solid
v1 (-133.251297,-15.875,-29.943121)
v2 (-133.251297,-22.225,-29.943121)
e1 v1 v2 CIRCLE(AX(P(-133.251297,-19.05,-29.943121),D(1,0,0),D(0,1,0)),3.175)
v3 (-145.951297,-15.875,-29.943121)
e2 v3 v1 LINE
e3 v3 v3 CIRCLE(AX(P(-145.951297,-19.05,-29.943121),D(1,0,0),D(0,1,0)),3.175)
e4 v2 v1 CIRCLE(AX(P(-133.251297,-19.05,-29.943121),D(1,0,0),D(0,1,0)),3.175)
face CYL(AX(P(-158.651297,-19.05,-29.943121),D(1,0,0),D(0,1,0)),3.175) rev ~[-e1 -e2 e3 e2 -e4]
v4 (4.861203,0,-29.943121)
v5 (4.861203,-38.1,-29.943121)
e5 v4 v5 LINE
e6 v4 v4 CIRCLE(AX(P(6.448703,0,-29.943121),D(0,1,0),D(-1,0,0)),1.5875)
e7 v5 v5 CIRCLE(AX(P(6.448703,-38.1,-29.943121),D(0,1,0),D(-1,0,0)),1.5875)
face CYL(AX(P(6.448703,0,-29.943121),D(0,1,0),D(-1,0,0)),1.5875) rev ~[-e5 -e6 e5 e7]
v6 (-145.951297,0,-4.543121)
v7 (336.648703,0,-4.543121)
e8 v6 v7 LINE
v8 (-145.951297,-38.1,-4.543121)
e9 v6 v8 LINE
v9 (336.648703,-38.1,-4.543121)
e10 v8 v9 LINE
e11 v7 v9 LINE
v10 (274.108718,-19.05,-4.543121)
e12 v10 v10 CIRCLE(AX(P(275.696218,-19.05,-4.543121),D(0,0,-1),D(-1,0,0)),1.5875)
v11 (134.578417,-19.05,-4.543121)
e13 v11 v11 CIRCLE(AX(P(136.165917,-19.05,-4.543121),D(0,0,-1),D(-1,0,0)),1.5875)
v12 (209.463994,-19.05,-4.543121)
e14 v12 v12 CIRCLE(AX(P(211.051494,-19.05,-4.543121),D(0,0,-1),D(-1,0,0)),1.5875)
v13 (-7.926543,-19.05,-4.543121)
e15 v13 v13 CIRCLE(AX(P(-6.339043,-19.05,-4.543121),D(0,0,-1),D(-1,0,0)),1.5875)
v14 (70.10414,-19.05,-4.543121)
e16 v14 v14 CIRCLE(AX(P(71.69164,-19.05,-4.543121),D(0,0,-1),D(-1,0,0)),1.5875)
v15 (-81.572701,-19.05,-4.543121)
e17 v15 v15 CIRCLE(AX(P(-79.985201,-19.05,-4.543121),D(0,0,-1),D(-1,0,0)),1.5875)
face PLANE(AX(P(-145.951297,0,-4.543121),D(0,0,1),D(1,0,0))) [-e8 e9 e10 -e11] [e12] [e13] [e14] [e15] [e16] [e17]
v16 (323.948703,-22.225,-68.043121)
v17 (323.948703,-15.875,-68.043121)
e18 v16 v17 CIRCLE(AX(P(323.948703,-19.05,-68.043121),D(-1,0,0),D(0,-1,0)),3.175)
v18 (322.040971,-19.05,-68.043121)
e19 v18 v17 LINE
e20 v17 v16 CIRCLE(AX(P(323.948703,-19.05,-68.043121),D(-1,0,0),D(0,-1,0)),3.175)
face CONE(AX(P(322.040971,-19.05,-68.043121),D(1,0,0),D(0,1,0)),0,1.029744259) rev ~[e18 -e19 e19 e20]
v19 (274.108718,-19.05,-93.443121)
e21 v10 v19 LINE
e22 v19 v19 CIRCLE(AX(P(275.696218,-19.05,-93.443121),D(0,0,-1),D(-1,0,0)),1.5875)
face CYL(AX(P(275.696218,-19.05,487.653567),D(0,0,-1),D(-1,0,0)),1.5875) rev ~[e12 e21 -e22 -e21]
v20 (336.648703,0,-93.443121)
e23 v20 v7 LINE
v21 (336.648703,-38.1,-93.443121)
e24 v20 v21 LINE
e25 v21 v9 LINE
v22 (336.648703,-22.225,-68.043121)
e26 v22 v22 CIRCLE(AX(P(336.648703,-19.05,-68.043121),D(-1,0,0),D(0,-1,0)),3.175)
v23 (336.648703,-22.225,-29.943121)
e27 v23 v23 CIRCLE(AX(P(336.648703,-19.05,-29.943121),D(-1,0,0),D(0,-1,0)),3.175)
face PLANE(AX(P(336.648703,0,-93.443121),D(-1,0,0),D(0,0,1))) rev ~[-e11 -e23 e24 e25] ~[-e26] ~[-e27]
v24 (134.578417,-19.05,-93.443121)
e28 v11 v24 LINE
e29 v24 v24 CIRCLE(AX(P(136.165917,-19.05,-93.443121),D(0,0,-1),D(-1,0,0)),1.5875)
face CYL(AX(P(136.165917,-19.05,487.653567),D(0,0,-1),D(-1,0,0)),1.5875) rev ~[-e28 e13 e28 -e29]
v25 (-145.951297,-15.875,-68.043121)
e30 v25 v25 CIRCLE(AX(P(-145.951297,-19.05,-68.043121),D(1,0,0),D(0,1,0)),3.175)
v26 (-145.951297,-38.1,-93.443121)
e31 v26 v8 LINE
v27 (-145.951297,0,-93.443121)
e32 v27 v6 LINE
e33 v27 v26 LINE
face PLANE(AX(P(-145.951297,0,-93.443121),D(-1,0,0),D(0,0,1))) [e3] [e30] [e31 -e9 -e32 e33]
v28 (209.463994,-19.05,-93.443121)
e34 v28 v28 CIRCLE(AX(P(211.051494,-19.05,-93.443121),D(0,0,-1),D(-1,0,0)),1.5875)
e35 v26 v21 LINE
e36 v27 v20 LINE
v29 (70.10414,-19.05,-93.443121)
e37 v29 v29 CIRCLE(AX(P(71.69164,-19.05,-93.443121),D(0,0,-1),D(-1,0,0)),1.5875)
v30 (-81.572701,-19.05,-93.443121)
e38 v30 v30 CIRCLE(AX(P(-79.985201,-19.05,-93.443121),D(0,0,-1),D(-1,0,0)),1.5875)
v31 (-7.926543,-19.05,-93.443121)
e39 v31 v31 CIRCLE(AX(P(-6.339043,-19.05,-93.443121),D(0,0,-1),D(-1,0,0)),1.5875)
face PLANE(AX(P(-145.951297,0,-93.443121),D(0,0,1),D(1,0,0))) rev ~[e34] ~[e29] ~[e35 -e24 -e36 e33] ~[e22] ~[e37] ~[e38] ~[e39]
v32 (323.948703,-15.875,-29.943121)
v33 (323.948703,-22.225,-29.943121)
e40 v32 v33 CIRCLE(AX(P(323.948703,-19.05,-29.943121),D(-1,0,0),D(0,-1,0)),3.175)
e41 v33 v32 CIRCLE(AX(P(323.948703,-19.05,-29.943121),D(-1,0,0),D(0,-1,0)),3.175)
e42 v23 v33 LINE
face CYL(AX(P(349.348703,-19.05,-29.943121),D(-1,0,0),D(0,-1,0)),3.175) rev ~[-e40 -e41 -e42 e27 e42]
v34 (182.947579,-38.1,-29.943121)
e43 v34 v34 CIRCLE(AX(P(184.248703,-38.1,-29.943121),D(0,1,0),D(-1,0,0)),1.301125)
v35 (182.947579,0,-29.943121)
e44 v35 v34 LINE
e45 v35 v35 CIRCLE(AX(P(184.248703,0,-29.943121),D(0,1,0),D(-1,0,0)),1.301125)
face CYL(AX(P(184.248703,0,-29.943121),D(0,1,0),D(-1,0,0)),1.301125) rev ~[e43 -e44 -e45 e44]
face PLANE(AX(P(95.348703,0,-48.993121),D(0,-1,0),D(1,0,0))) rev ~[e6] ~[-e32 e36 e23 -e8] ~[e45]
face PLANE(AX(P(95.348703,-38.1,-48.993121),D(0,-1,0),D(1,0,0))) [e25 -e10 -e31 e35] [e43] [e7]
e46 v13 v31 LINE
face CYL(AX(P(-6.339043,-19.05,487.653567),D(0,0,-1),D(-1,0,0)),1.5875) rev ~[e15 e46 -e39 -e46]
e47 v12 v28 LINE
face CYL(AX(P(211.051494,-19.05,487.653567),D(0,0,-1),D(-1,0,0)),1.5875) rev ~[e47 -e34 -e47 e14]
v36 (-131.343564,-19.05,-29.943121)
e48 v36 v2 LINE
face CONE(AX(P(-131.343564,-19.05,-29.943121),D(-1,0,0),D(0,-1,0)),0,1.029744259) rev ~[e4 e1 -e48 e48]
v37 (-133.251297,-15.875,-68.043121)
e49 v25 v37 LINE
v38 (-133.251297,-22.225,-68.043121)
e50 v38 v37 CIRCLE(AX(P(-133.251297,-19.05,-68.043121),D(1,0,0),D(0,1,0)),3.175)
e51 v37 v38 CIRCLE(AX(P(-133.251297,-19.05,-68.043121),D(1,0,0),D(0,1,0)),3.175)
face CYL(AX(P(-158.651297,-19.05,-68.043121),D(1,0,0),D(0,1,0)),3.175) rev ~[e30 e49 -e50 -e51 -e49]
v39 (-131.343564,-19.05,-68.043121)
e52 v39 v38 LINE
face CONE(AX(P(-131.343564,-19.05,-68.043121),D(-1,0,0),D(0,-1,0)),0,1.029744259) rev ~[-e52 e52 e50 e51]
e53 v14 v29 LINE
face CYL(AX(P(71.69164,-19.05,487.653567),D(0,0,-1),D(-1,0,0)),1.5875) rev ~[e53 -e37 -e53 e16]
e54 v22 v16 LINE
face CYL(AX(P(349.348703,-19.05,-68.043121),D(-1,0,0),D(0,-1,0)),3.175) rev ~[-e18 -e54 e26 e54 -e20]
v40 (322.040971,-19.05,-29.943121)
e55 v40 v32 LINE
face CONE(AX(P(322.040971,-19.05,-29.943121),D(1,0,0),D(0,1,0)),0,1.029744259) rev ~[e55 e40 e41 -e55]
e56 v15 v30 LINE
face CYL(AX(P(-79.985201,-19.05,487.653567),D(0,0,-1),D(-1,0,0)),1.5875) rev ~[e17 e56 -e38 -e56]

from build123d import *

# Parameters (mm, degrees)
F0_W     = 482.6
F0_H     = 88.9
F1_DEPTH = 38.1
F3_D     = 6.35
F3_DEPTH = 12.7
F3_TIP   = 1.9077324654
F5_D     = 6.35
F5_DEPTH = 12.7
F5_TIP   = 1.9077324654
F6_R     = 1.3011245906
F6_R_2   = 1.5875
F7_DEPTH = 38.101
F9_D     = 3.175


with BuildPart() as f1:
    # F0 (on Front) → F1 (new body)
    with BuildSketch(Plane.XZ):
        with Locations((95.348703318, -48.9931209013)):
            Rectangle(F0_W, F0_H)
    extrude(amount=F1_DEPTH)

    # F3
    with Locations(Plane.YZ.offset(336.648703318)):
        with Locations((-19.05, -29.9431209013), (-19.05, -68.0431209013)):
            Hole(F3_D / 2, depth=F3_DEPTH)
            with Locations((0, 0, -(F3_DEPTH + F3_TIP / 2))):  # 118° drill point
                Cone(0, F3_D / 2, F3_TIP, mode=Mode.SUBTRACT)

    # F5
    with Locations(Plane(origin=(-145.951296682, 0, 0), x_dir=(0, -1, 0), z_dir=(-1, 0, 0))):
        with Locations((19.05, -29.9431209013), (19.05, -68.0431209013)):
            Hole(F5_D / 2, depth=F5_DEPTH)
            with Locations((0, 0, -(F5_DEPTH + F5_TIP / 2))):  # 118° drill point
                Cone(0, F5_D / 2, F5_TIP, mode=Mode.SUBTRACT)

    # F6 (on face) → F7 (cut, through all)
    with BuildSketch(Plane(origin=(0, 0, 0), x_dir=(-1, 0, 0), z_dir=(0, 1, 0))):
        with Locations((-184.248703318, -29.9431209013)):
            Circle(F6_R)
        with Locations((-6.448703318, -29.9431209013)):
            Circle(F6_R_2)
    extrude(amount=-F7_DEPTH, mode=Mode.SUBTRACT)

    # F9 (through all)
    with Locations(Plane.XY.offset(-4.5431209013)):
        with Locations((275.6962180138, -19.05), (211.0514938831, -19.05), (136.1659169197, -19.05), (71.6916397214, -19.05), (-6.3390433788, -19.05), (-79.9852013588, -19.05)):
            Hole(F9_D / 2)


solid = f1.part
